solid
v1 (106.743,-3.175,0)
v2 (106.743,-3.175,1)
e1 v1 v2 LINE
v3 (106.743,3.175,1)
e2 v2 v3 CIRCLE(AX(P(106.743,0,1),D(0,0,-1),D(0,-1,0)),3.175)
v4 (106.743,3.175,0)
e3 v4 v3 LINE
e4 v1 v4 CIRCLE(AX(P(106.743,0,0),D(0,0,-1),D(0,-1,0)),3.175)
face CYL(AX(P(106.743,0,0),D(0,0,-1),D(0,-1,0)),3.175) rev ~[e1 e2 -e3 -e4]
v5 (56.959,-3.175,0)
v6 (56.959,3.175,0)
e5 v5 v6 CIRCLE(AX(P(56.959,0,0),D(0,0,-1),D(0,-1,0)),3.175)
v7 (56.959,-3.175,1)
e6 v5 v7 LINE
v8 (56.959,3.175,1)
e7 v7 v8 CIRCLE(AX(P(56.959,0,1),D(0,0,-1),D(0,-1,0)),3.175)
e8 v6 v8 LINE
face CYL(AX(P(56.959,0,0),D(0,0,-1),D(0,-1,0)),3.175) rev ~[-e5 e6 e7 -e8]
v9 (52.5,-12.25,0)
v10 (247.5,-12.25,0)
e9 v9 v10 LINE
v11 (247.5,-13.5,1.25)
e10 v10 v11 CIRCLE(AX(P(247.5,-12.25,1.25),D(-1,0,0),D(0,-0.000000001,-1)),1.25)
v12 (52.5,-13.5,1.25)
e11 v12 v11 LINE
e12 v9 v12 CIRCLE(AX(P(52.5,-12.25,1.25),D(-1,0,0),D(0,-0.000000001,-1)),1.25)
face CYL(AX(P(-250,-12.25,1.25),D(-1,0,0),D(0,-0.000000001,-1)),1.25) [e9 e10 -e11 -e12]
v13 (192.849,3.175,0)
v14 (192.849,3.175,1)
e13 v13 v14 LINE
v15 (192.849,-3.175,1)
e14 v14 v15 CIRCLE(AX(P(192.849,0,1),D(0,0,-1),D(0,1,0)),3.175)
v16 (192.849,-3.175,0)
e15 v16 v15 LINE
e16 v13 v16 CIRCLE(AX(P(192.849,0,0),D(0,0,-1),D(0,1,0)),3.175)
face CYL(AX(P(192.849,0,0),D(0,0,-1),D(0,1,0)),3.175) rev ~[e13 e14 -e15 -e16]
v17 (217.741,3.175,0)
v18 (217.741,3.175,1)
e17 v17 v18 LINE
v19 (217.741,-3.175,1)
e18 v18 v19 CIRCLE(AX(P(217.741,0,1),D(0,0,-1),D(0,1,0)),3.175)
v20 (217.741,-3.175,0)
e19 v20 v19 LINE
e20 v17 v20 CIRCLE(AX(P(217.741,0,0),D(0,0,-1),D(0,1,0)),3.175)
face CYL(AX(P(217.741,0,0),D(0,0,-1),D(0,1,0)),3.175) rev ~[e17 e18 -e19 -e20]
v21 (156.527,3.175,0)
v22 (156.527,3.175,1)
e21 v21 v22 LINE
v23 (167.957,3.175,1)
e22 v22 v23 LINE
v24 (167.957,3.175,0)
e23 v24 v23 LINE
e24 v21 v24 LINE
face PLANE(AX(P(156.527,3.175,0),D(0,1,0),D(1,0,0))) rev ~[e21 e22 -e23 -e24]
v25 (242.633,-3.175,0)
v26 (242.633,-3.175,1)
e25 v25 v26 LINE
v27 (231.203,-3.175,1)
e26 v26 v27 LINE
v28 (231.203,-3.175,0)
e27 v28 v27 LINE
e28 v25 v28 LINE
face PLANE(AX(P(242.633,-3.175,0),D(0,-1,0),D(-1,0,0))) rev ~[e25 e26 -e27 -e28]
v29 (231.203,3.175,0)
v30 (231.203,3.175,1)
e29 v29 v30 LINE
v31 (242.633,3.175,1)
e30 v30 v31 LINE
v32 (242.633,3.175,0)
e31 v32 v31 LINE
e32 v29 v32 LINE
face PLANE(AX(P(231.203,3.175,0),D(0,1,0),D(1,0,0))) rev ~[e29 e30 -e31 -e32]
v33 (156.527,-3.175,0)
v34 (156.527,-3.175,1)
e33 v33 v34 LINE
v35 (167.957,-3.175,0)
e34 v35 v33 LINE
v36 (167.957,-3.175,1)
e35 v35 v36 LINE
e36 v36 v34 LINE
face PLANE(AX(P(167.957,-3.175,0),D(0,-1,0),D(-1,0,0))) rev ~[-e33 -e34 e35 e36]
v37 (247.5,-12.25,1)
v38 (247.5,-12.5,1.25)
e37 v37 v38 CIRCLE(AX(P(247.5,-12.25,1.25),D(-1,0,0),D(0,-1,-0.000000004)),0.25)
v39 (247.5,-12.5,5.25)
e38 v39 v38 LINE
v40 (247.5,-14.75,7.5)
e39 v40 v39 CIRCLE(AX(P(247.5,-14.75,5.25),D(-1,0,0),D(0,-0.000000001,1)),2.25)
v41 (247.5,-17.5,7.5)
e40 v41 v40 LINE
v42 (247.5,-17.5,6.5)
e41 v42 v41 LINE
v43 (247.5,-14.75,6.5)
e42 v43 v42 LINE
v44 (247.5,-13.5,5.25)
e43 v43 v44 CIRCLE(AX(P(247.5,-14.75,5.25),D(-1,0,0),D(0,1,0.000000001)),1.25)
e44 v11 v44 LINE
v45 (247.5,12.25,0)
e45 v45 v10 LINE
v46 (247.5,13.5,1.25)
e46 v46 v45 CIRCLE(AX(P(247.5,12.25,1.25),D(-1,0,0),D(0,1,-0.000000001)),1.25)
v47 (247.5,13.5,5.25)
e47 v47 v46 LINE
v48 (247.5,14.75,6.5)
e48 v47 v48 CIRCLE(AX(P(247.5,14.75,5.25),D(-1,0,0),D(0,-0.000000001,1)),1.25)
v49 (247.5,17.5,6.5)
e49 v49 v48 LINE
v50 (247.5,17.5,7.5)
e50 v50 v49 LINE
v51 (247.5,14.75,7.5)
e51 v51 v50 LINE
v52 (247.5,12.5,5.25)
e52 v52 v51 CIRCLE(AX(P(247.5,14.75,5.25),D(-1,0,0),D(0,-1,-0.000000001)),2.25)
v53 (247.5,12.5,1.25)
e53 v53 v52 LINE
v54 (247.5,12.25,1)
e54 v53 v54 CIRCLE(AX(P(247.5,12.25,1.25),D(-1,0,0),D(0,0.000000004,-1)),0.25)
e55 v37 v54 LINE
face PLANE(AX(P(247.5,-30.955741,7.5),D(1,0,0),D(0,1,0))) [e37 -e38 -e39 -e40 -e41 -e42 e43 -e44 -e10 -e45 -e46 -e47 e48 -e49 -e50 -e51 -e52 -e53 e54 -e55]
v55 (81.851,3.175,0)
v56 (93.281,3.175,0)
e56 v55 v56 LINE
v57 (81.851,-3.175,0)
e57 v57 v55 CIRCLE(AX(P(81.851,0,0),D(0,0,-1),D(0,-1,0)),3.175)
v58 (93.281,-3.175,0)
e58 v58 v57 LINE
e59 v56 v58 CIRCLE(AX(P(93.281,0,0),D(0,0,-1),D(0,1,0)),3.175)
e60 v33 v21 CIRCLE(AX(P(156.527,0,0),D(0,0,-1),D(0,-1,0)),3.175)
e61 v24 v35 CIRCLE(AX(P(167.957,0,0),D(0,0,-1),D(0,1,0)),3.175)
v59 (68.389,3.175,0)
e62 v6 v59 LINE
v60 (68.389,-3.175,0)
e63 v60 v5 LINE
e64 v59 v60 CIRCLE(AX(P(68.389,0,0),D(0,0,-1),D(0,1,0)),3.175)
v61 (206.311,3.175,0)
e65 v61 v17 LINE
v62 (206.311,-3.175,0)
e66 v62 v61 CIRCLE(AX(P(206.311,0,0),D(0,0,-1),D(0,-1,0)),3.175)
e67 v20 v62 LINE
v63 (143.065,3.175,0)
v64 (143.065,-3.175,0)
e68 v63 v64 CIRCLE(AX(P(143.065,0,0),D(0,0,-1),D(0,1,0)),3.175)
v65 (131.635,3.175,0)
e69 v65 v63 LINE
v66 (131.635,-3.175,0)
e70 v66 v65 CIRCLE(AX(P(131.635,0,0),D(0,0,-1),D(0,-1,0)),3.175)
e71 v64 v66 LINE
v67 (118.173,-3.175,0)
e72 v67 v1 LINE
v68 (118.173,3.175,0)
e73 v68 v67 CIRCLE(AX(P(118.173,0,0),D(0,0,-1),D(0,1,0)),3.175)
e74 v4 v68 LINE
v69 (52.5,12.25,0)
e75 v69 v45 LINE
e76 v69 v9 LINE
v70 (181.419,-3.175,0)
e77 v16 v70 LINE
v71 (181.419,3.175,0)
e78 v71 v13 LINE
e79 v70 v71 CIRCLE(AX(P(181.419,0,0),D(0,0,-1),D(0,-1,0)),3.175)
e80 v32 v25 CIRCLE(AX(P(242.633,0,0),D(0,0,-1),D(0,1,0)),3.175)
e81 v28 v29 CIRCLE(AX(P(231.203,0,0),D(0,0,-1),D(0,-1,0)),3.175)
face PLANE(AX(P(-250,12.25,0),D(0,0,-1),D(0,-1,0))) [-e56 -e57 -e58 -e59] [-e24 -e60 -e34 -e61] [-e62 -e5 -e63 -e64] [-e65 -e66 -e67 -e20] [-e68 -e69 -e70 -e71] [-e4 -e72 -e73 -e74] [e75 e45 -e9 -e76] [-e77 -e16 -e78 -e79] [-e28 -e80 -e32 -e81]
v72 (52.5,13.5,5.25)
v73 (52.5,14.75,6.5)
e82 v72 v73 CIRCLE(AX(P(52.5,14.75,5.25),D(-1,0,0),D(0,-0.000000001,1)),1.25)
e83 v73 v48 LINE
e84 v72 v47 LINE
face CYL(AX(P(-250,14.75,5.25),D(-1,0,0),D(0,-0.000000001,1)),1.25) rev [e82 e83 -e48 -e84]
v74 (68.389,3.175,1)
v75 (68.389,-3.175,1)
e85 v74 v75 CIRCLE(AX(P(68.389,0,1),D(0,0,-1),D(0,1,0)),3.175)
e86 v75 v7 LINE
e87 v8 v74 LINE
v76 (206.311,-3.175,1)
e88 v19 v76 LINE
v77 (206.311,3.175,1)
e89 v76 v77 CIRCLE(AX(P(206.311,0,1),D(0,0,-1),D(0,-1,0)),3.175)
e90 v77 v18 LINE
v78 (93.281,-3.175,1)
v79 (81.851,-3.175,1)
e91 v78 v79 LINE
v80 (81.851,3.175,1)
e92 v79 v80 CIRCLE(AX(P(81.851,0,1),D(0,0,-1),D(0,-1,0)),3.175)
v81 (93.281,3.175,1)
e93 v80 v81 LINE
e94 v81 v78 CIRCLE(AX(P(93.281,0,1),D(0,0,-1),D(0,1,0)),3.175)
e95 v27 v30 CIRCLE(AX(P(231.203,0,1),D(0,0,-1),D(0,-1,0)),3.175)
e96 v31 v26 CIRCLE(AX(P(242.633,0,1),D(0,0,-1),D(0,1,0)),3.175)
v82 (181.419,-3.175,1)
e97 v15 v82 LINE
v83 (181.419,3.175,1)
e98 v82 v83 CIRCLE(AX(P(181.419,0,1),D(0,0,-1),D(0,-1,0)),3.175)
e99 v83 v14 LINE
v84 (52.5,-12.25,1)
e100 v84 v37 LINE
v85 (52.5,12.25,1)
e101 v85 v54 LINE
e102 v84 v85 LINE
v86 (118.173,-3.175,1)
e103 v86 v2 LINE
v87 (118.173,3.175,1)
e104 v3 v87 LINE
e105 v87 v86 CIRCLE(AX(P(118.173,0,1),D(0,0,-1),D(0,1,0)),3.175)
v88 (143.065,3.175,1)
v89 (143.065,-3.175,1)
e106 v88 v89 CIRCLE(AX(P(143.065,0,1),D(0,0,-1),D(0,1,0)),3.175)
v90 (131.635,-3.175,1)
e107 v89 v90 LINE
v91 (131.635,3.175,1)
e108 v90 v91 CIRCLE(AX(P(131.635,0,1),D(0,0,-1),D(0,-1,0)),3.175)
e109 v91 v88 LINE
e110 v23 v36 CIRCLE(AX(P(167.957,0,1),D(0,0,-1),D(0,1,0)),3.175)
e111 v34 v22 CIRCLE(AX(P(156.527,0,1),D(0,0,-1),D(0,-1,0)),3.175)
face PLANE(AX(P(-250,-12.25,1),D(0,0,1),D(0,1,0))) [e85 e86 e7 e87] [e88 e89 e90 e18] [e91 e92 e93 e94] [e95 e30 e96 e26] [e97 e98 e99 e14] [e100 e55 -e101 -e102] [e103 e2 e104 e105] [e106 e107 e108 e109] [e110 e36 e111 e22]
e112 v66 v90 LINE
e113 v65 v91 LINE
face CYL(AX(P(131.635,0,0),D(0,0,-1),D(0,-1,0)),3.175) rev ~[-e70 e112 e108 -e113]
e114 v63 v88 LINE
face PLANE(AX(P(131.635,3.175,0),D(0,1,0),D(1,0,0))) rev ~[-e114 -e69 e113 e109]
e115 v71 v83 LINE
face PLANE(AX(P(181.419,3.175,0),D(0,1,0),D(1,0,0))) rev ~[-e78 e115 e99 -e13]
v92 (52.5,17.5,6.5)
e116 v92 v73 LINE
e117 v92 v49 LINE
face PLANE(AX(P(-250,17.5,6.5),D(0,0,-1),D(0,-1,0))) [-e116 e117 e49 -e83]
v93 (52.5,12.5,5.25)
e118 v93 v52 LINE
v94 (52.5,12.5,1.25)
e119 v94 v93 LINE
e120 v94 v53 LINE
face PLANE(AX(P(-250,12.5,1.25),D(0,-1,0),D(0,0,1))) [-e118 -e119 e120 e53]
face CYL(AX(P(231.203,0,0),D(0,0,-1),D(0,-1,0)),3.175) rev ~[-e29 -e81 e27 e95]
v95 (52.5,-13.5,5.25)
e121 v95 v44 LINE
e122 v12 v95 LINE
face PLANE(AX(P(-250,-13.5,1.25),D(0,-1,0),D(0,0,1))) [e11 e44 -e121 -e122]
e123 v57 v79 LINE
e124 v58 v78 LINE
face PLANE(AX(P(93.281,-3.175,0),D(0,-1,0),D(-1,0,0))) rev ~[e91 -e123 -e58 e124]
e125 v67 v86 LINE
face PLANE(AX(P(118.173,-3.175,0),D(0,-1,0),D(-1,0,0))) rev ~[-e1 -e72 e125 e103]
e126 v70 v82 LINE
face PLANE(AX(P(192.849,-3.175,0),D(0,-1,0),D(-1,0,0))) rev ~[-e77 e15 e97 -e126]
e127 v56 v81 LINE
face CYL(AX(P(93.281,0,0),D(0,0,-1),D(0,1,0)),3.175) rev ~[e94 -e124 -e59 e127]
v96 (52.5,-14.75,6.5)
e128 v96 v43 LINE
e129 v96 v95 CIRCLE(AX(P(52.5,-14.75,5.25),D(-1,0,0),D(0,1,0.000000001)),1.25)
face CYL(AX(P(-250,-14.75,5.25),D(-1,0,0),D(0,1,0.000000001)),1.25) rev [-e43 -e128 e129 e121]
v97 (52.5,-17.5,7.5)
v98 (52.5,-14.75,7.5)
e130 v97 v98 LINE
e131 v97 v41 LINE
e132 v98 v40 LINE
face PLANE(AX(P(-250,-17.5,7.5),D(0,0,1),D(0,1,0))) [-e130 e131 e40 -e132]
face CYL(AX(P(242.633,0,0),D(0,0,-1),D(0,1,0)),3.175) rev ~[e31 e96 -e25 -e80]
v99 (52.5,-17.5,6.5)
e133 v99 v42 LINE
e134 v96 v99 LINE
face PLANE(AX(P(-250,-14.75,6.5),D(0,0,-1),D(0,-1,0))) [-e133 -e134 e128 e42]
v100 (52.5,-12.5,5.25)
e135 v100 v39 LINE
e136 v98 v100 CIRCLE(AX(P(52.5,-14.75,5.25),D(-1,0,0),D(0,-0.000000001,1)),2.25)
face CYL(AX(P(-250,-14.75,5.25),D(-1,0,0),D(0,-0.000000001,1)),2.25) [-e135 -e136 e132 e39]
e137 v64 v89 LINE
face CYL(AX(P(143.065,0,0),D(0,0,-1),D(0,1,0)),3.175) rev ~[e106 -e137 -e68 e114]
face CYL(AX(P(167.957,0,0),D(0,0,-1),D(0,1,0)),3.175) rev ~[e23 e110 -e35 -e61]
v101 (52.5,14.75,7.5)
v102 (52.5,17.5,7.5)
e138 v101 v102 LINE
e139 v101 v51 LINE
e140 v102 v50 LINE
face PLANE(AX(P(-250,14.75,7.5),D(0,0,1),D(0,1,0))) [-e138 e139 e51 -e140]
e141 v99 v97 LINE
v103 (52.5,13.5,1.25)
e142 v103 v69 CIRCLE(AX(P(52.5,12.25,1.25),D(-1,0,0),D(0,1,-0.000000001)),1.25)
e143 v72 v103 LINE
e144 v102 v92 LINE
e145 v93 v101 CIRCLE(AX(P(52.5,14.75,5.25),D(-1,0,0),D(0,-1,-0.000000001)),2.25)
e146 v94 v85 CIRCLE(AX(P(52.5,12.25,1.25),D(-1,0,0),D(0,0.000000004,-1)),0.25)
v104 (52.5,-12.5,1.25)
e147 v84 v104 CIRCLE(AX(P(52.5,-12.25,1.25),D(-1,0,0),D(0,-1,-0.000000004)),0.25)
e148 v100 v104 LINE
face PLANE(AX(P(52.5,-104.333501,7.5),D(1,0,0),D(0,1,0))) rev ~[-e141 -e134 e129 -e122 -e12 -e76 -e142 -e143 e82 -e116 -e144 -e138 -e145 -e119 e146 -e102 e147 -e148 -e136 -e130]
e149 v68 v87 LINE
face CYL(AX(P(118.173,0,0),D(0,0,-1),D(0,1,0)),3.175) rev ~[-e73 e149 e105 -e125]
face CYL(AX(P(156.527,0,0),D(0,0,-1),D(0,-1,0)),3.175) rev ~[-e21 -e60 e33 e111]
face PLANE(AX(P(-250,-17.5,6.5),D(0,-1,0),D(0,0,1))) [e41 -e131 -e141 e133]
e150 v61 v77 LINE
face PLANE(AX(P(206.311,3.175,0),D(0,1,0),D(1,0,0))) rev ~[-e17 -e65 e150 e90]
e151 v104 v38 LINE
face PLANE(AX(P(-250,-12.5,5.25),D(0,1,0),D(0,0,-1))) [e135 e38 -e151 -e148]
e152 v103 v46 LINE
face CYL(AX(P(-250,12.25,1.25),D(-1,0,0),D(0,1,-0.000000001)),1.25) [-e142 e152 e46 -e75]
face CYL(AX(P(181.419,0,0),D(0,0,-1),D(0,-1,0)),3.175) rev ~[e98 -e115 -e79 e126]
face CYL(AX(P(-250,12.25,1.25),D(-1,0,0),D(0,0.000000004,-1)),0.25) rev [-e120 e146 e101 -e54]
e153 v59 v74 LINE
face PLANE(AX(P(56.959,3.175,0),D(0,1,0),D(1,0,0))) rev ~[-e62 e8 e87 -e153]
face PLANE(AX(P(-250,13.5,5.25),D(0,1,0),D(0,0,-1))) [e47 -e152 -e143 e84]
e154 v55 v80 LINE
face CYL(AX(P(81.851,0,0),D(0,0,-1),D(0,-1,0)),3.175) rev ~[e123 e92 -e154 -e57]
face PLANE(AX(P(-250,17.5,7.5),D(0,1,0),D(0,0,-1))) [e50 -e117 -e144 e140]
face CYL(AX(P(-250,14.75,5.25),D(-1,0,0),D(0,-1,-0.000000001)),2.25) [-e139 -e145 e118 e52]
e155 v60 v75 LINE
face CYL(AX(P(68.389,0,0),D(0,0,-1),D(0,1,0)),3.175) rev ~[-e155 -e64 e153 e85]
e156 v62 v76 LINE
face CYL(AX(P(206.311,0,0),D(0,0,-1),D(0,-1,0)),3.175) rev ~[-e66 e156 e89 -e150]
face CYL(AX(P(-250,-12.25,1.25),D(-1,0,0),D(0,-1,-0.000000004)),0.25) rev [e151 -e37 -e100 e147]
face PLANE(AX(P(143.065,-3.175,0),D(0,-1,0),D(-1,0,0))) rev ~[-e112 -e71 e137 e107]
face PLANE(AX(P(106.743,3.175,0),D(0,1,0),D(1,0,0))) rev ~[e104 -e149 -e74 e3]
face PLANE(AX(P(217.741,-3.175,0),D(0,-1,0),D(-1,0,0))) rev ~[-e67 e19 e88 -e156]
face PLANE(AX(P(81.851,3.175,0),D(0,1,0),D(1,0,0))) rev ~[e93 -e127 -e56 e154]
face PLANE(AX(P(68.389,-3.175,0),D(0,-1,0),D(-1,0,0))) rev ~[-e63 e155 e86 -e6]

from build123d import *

# Parameters (mm, degrees)
STRUCTURAL_MEMBER1_DEPTH = 500
CUT_EXTRUDE1_REACH       = 252.724
LPATTERN1_COUNT          = 196
LPATTERN1_PITCH          = 24.892
SKETCH4_W                = 4000
SKETCH4_H                = 182.847095399
CUT_EXTRUDE2_DEPTH       = 140
SKETCH5_W                = 3.509513676
SKETCH5_H                = 55.564681105
CUT_EXTRUDE3_DEPTH       = 140


with BuildPart() as part:
    # Sketch2 → Structural Member1 (new body)
    with BuildSketch(Plane(origin=(-250, 0, 0), x_dir=(0, 0, -1), z_dir=(1, 0, 0))):
        with BuildLine():
            Line((0, 12.25), (0, -12.25))
            ThreePointArc((0, -12.25), (-0.366116524, -13.133883476), (-1.25, -13.5))
            Line((-1.25, -13.5), (-5.25, -13.5))
            ThreePointArc((-5.25, -13.5), (-6.133883476, -13.866116524), (-6.5, -14.75))
            Line((-6.5, -14.75), (-6.5, -17.5))
            Line((-6.5, -17.5), (-7.5, -17.5))
            Line((-7.5, -17.5), (-7.5, -14.75))
            ThreePointArc((-7.5, -14.75), (-6.840990258, -13.159009742), (-5.25, -12.5))
            Line((-5.25, -12.5), (-1.25, -12.5))
            ThreePointArc((-1.25, -12.5), (-1.073223305, -12.426776695), (-1, -12.25))
            Line((-1, -12.25), (-1, 12.25))
            ThreePointArc((-1, 12.25), (-1.073223305, 12.426776695), (-1.25, 12.5))
            Line((-1.25, 12.5), (-5.25, 12.5))
            ThreePointArc((-5.25, 12.5), (-6.840990258, 13.159009742), (-7.5, 14.75))
            Line((-7.5, 14.75), (-7.5, 17.5))
            Line((-7.5, 17.5), (-6.5, 17.5))
            Line((-6.5, 17.5), (-6.5, 14.75))
            ThreePointArc((-6.5, 14.75), (-6.133883476, 13.866116524), (-5.25, 13.5))
            Line((-5.25, 13.5), (-1.25, 13.5))
            ThreePointArc((-1.25, 13.5), (-0.366116524, 13.133883476), (0, 12.25))
        make_face()
    extrude(amount=STRUCTURAL_MEMBER1_DEPTH)

    # Sketch3 → Cut-Extrude1 (cut, up to next)
    with BuildSketch(Plane.XY, mode=Mode.PRIVATE) as cut_extrude1_sk1:
        with BuildLine():
            Line((-241.745, 3.175), (-230.315, 3.175))
            ThreePointArc((-230.315, 3.175), (-227.14, 0), (-230.315, -3.175))
            Line((-230.315, -3.175), (-241.745, -3.175))
            ThreePointArc((-241.745, -3.175), (-244.92, 0), (-241.745, 3.175))
        make_face()
    cut_extrude1_tool1 = extrude(cut_extrude1_sk1.sketch, amount=CUT_EXTRUDE1_REACH, mode=Mode.PRIVATE) & part.part
    cut_extrude1 = cut_extrude1_tool1.solids().sort_by_distance((-236.03, 0, 0))[0]
    add(cut_extrude1, mode=Mode.SUBTRACT)

    # LPattern1: Cut-Extrude1 ×196
    with Locations(*[(i * LPATTERN1_PITCH, 0, 0) for i in range(1, LPATTERN1_COUNT)]):
        add(cut_extrude1, mode=Mode.SUBTRACT)

    # Sketch4 → Cut-Extrude2 (cut)
    with BuildSketch(Plane.XY.offset(7.5)):
        with Locations((-1947.5, -12.909953422)):
            Rectangle(SKETCH4_W, SKETCH4_H)
    extrude(amount=-CUT_EXTRUDE2_DEPTH, mode=Mode.SUBTRACT)

    # Sketch5 → Cut-Extrude3 (cut)
    with BuildSketch(Plane.XY.offset(7.5)):
        with Locations((249.254756838, -3.17340083)):
            Rectangle(SKETCH5_W, SKETCH5_H)
    extrude(amount=-CUT_EXTRUDE3_DEPTH, mode=Mode.SUBTRACT)


solid = part.part
